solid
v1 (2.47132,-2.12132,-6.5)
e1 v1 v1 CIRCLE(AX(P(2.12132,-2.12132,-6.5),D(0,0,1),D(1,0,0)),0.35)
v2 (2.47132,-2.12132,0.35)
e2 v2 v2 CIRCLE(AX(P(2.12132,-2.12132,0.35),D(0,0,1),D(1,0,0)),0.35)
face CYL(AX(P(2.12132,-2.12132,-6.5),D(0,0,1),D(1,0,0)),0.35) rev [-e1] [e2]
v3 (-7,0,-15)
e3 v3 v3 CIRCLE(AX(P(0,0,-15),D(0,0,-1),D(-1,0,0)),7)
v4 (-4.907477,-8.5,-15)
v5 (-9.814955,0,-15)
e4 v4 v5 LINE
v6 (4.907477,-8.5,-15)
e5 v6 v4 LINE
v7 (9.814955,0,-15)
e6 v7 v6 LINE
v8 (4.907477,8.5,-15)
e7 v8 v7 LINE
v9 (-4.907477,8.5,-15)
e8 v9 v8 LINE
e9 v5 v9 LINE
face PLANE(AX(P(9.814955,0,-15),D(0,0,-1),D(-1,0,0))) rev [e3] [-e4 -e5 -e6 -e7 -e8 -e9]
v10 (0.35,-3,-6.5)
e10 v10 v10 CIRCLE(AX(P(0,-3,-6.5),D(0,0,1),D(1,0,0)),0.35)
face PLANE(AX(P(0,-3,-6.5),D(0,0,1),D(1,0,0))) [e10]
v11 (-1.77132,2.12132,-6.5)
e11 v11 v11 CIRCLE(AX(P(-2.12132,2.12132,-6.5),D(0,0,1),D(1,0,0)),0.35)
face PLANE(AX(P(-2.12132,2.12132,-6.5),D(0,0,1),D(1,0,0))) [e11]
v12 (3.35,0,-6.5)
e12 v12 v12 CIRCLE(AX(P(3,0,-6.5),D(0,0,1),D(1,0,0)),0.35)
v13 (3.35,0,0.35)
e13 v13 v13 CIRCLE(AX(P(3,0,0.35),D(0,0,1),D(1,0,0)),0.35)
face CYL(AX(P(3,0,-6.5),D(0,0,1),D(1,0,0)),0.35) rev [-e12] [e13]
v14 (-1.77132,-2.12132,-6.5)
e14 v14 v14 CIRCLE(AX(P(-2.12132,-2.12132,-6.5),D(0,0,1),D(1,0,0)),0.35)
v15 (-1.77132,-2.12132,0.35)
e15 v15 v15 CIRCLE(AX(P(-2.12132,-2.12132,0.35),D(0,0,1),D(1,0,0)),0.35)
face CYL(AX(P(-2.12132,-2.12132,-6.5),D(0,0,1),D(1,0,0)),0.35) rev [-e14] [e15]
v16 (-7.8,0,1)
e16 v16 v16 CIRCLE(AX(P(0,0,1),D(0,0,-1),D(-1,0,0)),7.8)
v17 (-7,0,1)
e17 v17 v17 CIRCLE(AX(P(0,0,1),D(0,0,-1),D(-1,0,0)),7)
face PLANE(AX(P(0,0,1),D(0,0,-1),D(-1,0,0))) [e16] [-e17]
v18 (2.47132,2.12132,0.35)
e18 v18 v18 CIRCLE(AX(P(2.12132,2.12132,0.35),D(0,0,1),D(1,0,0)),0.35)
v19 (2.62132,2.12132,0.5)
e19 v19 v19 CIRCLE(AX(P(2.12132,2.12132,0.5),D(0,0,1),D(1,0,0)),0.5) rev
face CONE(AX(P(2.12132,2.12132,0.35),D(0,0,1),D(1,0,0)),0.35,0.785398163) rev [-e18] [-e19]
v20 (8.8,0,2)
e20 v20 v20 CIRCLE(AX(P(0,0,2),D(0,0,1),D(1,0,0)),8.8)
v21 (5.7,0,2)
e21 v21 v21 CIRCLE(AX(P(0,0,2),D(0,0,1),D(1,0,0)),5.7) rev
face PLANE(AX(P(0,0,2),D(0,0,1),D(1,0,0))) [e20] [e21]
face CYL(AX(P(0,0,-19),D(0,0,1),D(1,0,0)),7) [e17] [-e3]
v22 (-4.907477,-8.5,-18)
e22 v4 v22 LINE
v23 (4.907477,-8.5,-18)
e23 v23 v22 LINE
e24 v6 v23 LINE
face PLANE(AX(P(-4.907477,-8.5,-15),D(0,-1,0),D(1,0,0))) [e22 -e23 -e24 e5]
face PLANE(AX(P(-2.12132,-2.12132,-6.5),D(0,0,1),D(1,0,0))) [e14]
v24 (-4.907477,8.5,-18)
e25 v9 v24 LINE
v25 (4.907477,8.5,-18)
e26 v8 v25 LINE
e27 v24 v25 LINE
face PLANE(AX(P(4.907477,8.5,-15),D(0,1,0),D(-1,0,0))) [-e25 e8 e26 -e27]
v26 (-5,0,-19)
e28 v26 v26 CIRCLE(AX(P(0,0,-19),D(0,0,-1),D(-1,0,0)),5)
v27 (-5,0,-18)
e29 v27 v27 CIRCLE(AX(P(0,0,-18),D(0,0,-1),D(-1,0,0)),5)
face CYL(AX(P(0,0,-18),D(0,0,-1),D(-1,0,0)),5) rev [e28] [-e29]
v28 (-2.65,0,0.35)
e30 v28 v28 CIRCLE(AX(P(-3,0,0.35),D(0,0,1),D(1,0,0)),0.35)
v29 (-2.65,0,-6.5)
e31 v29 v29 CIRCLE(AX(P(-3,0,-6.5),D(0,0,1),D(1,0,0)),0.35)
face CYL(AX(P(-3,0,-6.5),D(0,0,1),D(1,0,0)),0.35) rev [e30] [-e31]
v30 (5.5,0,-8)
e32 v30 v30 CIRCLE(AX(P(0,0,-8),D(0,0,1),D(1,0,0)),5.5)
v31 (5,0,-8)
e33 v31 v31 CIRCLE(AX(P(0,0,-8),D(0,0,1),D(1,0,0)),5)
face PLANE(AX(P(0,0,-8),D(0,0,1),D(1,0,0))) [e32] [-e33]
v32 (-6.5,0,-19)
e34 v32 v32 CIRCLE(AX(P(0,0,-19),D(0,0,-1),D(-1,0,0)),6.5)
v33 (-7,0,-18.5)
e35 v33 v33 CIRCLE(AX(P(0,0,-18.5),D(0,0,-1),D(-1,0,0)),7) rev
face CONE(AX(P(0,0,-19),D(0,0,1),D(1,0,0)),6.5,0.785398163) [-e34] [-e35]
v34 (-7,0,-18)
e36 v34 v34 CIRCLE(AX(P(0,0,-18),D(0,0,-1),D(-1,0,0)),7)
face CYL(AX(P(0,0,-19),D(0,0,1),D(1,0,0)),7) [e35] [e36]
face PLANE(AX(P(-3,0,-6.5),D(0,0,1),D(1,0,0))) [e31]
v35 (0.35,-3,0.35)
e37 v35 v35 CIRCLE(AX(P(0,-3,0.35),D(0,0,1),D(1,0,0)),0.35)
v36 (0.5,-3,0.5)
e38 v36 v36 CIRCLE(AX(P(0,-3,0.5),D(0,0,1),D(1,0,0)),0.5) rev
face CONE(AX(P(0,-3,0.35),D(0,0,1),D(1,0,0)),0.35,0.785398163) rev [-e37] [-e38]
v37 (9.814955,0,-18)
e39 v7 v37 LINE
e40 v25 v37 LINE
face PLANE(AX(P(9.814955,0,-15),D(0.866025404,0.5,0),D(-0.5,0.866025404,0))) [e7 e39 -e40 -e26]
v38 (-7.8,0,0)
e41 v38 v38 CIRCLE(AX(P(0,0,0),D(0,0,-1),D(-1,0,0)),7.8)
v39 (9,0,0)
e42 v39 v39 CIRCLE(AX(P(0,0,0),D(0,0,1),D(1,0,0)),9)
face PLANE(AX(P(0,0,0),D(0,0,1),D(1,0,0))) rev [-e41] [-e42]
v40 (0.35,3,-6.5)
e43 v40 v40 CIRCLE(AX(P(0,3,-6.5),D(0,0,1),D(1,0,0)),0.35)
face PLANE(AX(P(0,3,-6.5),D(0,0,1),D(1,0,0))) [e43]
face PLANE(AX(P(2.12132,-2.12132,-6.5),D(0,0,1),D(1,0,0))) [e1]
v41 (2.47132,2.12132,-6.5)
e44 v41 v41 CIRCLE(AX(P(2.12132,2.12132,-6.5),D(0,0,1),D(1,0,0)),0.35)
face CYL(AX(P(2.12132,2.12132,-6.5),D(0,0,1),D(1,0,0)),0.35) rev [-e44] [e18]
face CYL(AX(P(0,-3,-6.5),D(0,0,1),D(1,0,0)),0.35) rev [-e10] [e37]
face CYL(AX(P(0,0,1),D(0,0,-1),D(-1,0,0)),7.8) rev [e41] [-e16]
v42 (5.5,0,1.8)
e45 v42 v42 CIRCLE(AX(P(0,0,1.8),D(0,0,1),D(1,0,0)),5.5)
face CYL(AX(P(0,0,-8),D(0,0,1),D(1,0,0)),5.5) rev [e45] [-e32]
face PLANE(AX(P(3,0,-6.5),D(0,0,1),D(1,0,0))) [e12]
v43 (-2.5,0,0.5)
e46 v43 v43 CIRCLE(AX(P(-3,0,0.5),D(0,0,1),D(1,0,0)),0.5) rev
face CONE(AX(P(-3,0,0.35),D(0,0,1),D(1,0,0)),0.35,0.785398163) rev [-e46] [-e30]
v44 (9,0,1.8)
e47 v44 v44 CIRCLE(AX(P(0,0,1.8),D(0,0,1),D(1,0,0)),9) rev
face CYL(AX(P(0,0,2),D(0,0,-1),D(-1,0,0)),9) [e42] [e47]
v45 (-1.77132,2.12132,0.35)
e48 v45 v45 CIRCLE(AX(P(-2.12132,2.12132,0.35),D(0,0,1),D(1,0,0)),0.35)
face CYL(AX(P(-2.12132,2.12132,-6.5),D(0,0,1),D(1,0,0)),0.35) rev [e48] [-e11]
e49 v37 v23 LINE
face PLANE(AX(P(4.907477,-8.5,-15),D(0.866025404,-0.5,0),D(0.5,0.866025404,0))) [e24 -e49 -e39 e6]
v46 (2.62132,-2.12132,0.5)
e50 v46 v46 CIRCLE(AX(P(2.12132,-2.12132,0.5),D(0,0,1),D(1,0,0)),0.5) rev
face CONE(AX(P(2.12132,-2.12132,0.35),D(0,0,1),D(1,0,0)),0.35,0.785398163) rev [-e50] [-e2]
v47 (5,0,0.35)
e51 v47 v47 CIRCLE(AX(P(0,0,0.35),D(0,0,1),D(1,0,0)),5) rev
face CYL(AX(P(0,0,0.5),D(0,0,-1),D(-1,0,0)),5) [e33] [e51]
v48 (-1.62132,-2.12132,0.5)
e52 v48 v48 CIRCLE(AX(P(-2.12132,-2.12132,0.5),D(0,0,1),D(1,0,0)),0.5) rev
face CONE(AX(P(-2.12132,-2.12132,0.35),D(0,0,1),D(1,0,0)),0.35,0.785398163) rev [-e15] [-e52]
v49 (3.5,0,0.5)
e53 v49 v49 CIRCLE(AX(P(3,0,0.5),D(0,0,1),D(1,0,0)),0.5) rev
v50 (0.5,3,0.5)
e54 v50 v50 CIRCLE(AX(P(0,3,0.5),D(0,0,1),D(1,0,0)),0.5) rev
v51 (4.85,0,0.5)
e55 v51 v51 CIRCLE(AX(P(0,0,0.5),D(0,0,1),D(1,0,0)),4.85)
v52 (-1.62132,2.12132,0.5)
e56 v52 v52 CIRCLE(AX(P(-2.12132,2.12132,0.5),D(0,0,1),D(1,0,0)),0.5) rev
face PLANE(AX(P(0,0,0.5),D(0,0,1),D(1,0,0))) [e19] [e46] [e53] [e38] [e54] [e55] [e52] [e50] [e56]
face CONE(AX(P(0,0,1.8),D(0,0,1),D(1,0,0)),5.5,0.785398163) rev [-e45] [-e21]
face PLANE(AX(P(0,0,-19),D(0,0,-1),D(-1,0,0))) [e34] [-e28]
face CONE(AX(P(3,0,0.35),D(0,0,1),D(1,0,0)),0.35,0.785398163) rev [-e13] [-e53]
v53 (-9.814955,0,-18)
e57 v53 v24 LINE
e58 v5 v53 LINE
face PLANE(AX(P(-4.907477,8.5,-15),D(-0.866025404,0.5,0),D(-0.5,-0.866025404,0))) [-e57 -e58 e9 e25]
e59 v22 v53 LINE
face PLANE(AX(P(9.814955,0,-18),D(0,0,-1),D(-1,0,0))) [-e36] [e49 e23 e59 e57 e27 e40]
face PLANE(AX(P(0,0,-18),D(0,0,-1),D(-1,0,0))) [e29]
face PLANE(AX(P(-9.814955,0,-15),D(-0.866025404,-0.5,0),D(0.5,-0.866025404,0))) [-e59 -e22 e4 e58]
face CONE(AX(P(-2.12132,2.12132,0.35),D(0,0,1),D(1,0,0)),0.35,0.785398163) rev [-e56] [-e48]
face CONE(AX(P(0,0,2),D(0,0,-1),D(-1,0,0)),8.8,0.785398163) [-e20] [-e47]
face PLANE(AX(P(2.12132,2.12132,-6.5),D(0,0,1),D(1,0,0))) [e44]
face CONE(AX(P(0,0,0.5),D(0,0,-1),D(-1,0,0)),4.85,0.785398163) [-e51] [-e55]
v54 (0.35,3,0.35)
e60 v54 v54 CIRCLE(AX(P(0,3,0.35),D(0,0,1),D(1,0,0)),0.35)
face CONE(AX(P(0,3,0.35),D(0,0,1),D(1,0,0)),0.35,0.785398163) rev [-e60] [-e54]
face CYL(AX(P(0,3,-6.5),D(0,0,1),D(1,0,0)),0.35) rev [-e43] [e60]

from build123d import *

# Parameters (mm, degrees)
SKETCH1_R          = 9
EXTRUDE1_DEPTH     = 2
SKETCH4_R          = 7
EXTRUDE2_DEPTH     = 19
SKETCH2_R          = 5.5
CUT_EXTRUDE1_DEPTH = 10
SKETCH3_R          = 7.8
SKETCH3_R_2        = 7
CUT_EXTRUDE2_DEPTH = 1
SKETCH5_R          = 5
EXTRUDE3_DEPTH     = 8.5
SKETCH6_R          = 0.35
CUT_EXTRUDE3_DEPTH = 7
CHAMFER2_SIZE      = 0.15
CHAMFER1_SIZE      = 0.2
SKETCH7_R          = 5
CUT_EXTRUDE4_DEPTH = 1
CHAMFER3_SIZE      = 0.5
EXTRUDE4_DEPTH     = 3


with BuildPart() as part:
    # Sketch1 → Extrude1 (new body)
    with BuildSketch(Plane.XY):
        Circle(SKETCH1_R)
    extrude(amount=EXTRUDE1_DEPTH)

    # Sketch4 → Extrude2 (add)
    with BuildSketch(Plane(origin=(0, 0, 0), x_dir=(-1, 0, 0), z_dir=(0, 0, -1))):
        Circle(SKETCH4_R)
    extrude(amount=EXTRUDE2_DEPTH)

    # Sketch2 → Cut-Extrude1 (cut)
    with BuildSketch(Plane.XY.offset(2)):
        Circle(SKETCH2_R)
    extrude(amount=-CUT_EXTRUDE1_DEPTH, mode=Mode.SUBTRACT)

    # Sketch3 → Cut-Extrude2 (cut)
    with BuildSketch(Plane(origin=(0, 0, 0), x_dir=(-1, 0, 0), z_dir=(0, 0, -1))):
        Circle(SKETCH3_R)
        Circle(SKETCH3_R_2, mode=Mode.SUBTRACT)
    extrude(amount=-CUT_EXTRUDE2_DEPTH, mode=Mode.SUBTRACT)

    # Sketch5 → Extrude3 (add)
    with BuildSketch(Plane.XY.offset(-8)):
        Circle(SKETCH5_R)
    extrude(amount=EXTRUDE3_DEPTH)

    # Sketch6 → Cut-Extrude3 (cut)
    with BuildSketch(Plane.XY.offset(0.5)):
        with Locations((0, 3)):
            Circle(SKETCH6_R)
        with Locations((0, -3)):
            Circle(SKETCH6_R)
        with Locations((2.121320344, 2.121320344)):
            Circle(SKETCH6_R)
        with Locations((2.121320344, -2.121320344)):
            Circle(SKETCH6_R)
        with Locations((-2.121320344, 2.121320344)):
            Circle(SKETCH6_R)
        with Locations((-2.121320344, -2.121320344)):
            Circle(SKETCH6_R)
        with Locations((-3, 0)):
            Circle(SKETCH6_R)
        with Locations((3, 0)):
            Circle(SKETCH6_R)
    extrude(amount=-CUT_EXTRUDE3_DEPTH, mode=Mode.SUBTRACT)

    # Chamfer2
    chamfer2_edges = [part.edges().sort_by_distance(p)[0] for p in [
        (-5, 0, 0.5),
        (-0.35, 3, 0.5),
        (-0.35, -3, 0.5),
        (1.771320344, 2.121320344, 0.5),
        (1.771320344, -2.121320344, 0.5),
        (-2.471320344, 2.121320344, 0.5),
        (-2.471320344, -2.121320344, 0.5),
        (-3.35, 0, 0.5),
        (2.65, 0, 0.5),
    ]]
    chamfer(chamfer2_edges, length=CHAMFER2_SIZE)

    # Chamfer1
    chamfer1_edges = [part.edges().sort_by_distance(p)[0] for p in [
        (-5.5, 0, 2),
        (-9, 0, 2),
    ]]
    chamfer(chamfer1_edges, length=CHAMFER1_SIZE)

    # Sketch7 → Cut-Extrude4 (cut)
    with BuildSketch(Plane(origin=(0, 0, -19), x_dir=(-1, 0, 0), z_dir=(0, 0, -1))):
        Circle(SKETCH7_R)
    extrude(amount=-CUT_EXTRUDE4_DEPTH, mode=Mode.SUBTRACT)

    # Chamfer3
    chamfer3_edges = [part.edges().sort_by_distance(p)[0] for p in [
        (7, 0, -19),
    ]]
    chamfer(chamfer3_edges, length=CHAMFER3_SIZE)

    # Sketch9 → Extrude4 (add)
    with BuildSketch(Plane(origin=(0, 0, -18), x_dir=(-1, 0, 0), z_dir=(0, 0, -1))):
        Polygon((-4.907477288, 8.5), (4.907477288, 8.5), (9.814954576, 0), (4.907477288, -8.5), (-4.907477288, -8.5), (-9.814954576, 0), align=None)
    extrude(amount=-EXTRUDE4_DEPTH)


solid = part.part
